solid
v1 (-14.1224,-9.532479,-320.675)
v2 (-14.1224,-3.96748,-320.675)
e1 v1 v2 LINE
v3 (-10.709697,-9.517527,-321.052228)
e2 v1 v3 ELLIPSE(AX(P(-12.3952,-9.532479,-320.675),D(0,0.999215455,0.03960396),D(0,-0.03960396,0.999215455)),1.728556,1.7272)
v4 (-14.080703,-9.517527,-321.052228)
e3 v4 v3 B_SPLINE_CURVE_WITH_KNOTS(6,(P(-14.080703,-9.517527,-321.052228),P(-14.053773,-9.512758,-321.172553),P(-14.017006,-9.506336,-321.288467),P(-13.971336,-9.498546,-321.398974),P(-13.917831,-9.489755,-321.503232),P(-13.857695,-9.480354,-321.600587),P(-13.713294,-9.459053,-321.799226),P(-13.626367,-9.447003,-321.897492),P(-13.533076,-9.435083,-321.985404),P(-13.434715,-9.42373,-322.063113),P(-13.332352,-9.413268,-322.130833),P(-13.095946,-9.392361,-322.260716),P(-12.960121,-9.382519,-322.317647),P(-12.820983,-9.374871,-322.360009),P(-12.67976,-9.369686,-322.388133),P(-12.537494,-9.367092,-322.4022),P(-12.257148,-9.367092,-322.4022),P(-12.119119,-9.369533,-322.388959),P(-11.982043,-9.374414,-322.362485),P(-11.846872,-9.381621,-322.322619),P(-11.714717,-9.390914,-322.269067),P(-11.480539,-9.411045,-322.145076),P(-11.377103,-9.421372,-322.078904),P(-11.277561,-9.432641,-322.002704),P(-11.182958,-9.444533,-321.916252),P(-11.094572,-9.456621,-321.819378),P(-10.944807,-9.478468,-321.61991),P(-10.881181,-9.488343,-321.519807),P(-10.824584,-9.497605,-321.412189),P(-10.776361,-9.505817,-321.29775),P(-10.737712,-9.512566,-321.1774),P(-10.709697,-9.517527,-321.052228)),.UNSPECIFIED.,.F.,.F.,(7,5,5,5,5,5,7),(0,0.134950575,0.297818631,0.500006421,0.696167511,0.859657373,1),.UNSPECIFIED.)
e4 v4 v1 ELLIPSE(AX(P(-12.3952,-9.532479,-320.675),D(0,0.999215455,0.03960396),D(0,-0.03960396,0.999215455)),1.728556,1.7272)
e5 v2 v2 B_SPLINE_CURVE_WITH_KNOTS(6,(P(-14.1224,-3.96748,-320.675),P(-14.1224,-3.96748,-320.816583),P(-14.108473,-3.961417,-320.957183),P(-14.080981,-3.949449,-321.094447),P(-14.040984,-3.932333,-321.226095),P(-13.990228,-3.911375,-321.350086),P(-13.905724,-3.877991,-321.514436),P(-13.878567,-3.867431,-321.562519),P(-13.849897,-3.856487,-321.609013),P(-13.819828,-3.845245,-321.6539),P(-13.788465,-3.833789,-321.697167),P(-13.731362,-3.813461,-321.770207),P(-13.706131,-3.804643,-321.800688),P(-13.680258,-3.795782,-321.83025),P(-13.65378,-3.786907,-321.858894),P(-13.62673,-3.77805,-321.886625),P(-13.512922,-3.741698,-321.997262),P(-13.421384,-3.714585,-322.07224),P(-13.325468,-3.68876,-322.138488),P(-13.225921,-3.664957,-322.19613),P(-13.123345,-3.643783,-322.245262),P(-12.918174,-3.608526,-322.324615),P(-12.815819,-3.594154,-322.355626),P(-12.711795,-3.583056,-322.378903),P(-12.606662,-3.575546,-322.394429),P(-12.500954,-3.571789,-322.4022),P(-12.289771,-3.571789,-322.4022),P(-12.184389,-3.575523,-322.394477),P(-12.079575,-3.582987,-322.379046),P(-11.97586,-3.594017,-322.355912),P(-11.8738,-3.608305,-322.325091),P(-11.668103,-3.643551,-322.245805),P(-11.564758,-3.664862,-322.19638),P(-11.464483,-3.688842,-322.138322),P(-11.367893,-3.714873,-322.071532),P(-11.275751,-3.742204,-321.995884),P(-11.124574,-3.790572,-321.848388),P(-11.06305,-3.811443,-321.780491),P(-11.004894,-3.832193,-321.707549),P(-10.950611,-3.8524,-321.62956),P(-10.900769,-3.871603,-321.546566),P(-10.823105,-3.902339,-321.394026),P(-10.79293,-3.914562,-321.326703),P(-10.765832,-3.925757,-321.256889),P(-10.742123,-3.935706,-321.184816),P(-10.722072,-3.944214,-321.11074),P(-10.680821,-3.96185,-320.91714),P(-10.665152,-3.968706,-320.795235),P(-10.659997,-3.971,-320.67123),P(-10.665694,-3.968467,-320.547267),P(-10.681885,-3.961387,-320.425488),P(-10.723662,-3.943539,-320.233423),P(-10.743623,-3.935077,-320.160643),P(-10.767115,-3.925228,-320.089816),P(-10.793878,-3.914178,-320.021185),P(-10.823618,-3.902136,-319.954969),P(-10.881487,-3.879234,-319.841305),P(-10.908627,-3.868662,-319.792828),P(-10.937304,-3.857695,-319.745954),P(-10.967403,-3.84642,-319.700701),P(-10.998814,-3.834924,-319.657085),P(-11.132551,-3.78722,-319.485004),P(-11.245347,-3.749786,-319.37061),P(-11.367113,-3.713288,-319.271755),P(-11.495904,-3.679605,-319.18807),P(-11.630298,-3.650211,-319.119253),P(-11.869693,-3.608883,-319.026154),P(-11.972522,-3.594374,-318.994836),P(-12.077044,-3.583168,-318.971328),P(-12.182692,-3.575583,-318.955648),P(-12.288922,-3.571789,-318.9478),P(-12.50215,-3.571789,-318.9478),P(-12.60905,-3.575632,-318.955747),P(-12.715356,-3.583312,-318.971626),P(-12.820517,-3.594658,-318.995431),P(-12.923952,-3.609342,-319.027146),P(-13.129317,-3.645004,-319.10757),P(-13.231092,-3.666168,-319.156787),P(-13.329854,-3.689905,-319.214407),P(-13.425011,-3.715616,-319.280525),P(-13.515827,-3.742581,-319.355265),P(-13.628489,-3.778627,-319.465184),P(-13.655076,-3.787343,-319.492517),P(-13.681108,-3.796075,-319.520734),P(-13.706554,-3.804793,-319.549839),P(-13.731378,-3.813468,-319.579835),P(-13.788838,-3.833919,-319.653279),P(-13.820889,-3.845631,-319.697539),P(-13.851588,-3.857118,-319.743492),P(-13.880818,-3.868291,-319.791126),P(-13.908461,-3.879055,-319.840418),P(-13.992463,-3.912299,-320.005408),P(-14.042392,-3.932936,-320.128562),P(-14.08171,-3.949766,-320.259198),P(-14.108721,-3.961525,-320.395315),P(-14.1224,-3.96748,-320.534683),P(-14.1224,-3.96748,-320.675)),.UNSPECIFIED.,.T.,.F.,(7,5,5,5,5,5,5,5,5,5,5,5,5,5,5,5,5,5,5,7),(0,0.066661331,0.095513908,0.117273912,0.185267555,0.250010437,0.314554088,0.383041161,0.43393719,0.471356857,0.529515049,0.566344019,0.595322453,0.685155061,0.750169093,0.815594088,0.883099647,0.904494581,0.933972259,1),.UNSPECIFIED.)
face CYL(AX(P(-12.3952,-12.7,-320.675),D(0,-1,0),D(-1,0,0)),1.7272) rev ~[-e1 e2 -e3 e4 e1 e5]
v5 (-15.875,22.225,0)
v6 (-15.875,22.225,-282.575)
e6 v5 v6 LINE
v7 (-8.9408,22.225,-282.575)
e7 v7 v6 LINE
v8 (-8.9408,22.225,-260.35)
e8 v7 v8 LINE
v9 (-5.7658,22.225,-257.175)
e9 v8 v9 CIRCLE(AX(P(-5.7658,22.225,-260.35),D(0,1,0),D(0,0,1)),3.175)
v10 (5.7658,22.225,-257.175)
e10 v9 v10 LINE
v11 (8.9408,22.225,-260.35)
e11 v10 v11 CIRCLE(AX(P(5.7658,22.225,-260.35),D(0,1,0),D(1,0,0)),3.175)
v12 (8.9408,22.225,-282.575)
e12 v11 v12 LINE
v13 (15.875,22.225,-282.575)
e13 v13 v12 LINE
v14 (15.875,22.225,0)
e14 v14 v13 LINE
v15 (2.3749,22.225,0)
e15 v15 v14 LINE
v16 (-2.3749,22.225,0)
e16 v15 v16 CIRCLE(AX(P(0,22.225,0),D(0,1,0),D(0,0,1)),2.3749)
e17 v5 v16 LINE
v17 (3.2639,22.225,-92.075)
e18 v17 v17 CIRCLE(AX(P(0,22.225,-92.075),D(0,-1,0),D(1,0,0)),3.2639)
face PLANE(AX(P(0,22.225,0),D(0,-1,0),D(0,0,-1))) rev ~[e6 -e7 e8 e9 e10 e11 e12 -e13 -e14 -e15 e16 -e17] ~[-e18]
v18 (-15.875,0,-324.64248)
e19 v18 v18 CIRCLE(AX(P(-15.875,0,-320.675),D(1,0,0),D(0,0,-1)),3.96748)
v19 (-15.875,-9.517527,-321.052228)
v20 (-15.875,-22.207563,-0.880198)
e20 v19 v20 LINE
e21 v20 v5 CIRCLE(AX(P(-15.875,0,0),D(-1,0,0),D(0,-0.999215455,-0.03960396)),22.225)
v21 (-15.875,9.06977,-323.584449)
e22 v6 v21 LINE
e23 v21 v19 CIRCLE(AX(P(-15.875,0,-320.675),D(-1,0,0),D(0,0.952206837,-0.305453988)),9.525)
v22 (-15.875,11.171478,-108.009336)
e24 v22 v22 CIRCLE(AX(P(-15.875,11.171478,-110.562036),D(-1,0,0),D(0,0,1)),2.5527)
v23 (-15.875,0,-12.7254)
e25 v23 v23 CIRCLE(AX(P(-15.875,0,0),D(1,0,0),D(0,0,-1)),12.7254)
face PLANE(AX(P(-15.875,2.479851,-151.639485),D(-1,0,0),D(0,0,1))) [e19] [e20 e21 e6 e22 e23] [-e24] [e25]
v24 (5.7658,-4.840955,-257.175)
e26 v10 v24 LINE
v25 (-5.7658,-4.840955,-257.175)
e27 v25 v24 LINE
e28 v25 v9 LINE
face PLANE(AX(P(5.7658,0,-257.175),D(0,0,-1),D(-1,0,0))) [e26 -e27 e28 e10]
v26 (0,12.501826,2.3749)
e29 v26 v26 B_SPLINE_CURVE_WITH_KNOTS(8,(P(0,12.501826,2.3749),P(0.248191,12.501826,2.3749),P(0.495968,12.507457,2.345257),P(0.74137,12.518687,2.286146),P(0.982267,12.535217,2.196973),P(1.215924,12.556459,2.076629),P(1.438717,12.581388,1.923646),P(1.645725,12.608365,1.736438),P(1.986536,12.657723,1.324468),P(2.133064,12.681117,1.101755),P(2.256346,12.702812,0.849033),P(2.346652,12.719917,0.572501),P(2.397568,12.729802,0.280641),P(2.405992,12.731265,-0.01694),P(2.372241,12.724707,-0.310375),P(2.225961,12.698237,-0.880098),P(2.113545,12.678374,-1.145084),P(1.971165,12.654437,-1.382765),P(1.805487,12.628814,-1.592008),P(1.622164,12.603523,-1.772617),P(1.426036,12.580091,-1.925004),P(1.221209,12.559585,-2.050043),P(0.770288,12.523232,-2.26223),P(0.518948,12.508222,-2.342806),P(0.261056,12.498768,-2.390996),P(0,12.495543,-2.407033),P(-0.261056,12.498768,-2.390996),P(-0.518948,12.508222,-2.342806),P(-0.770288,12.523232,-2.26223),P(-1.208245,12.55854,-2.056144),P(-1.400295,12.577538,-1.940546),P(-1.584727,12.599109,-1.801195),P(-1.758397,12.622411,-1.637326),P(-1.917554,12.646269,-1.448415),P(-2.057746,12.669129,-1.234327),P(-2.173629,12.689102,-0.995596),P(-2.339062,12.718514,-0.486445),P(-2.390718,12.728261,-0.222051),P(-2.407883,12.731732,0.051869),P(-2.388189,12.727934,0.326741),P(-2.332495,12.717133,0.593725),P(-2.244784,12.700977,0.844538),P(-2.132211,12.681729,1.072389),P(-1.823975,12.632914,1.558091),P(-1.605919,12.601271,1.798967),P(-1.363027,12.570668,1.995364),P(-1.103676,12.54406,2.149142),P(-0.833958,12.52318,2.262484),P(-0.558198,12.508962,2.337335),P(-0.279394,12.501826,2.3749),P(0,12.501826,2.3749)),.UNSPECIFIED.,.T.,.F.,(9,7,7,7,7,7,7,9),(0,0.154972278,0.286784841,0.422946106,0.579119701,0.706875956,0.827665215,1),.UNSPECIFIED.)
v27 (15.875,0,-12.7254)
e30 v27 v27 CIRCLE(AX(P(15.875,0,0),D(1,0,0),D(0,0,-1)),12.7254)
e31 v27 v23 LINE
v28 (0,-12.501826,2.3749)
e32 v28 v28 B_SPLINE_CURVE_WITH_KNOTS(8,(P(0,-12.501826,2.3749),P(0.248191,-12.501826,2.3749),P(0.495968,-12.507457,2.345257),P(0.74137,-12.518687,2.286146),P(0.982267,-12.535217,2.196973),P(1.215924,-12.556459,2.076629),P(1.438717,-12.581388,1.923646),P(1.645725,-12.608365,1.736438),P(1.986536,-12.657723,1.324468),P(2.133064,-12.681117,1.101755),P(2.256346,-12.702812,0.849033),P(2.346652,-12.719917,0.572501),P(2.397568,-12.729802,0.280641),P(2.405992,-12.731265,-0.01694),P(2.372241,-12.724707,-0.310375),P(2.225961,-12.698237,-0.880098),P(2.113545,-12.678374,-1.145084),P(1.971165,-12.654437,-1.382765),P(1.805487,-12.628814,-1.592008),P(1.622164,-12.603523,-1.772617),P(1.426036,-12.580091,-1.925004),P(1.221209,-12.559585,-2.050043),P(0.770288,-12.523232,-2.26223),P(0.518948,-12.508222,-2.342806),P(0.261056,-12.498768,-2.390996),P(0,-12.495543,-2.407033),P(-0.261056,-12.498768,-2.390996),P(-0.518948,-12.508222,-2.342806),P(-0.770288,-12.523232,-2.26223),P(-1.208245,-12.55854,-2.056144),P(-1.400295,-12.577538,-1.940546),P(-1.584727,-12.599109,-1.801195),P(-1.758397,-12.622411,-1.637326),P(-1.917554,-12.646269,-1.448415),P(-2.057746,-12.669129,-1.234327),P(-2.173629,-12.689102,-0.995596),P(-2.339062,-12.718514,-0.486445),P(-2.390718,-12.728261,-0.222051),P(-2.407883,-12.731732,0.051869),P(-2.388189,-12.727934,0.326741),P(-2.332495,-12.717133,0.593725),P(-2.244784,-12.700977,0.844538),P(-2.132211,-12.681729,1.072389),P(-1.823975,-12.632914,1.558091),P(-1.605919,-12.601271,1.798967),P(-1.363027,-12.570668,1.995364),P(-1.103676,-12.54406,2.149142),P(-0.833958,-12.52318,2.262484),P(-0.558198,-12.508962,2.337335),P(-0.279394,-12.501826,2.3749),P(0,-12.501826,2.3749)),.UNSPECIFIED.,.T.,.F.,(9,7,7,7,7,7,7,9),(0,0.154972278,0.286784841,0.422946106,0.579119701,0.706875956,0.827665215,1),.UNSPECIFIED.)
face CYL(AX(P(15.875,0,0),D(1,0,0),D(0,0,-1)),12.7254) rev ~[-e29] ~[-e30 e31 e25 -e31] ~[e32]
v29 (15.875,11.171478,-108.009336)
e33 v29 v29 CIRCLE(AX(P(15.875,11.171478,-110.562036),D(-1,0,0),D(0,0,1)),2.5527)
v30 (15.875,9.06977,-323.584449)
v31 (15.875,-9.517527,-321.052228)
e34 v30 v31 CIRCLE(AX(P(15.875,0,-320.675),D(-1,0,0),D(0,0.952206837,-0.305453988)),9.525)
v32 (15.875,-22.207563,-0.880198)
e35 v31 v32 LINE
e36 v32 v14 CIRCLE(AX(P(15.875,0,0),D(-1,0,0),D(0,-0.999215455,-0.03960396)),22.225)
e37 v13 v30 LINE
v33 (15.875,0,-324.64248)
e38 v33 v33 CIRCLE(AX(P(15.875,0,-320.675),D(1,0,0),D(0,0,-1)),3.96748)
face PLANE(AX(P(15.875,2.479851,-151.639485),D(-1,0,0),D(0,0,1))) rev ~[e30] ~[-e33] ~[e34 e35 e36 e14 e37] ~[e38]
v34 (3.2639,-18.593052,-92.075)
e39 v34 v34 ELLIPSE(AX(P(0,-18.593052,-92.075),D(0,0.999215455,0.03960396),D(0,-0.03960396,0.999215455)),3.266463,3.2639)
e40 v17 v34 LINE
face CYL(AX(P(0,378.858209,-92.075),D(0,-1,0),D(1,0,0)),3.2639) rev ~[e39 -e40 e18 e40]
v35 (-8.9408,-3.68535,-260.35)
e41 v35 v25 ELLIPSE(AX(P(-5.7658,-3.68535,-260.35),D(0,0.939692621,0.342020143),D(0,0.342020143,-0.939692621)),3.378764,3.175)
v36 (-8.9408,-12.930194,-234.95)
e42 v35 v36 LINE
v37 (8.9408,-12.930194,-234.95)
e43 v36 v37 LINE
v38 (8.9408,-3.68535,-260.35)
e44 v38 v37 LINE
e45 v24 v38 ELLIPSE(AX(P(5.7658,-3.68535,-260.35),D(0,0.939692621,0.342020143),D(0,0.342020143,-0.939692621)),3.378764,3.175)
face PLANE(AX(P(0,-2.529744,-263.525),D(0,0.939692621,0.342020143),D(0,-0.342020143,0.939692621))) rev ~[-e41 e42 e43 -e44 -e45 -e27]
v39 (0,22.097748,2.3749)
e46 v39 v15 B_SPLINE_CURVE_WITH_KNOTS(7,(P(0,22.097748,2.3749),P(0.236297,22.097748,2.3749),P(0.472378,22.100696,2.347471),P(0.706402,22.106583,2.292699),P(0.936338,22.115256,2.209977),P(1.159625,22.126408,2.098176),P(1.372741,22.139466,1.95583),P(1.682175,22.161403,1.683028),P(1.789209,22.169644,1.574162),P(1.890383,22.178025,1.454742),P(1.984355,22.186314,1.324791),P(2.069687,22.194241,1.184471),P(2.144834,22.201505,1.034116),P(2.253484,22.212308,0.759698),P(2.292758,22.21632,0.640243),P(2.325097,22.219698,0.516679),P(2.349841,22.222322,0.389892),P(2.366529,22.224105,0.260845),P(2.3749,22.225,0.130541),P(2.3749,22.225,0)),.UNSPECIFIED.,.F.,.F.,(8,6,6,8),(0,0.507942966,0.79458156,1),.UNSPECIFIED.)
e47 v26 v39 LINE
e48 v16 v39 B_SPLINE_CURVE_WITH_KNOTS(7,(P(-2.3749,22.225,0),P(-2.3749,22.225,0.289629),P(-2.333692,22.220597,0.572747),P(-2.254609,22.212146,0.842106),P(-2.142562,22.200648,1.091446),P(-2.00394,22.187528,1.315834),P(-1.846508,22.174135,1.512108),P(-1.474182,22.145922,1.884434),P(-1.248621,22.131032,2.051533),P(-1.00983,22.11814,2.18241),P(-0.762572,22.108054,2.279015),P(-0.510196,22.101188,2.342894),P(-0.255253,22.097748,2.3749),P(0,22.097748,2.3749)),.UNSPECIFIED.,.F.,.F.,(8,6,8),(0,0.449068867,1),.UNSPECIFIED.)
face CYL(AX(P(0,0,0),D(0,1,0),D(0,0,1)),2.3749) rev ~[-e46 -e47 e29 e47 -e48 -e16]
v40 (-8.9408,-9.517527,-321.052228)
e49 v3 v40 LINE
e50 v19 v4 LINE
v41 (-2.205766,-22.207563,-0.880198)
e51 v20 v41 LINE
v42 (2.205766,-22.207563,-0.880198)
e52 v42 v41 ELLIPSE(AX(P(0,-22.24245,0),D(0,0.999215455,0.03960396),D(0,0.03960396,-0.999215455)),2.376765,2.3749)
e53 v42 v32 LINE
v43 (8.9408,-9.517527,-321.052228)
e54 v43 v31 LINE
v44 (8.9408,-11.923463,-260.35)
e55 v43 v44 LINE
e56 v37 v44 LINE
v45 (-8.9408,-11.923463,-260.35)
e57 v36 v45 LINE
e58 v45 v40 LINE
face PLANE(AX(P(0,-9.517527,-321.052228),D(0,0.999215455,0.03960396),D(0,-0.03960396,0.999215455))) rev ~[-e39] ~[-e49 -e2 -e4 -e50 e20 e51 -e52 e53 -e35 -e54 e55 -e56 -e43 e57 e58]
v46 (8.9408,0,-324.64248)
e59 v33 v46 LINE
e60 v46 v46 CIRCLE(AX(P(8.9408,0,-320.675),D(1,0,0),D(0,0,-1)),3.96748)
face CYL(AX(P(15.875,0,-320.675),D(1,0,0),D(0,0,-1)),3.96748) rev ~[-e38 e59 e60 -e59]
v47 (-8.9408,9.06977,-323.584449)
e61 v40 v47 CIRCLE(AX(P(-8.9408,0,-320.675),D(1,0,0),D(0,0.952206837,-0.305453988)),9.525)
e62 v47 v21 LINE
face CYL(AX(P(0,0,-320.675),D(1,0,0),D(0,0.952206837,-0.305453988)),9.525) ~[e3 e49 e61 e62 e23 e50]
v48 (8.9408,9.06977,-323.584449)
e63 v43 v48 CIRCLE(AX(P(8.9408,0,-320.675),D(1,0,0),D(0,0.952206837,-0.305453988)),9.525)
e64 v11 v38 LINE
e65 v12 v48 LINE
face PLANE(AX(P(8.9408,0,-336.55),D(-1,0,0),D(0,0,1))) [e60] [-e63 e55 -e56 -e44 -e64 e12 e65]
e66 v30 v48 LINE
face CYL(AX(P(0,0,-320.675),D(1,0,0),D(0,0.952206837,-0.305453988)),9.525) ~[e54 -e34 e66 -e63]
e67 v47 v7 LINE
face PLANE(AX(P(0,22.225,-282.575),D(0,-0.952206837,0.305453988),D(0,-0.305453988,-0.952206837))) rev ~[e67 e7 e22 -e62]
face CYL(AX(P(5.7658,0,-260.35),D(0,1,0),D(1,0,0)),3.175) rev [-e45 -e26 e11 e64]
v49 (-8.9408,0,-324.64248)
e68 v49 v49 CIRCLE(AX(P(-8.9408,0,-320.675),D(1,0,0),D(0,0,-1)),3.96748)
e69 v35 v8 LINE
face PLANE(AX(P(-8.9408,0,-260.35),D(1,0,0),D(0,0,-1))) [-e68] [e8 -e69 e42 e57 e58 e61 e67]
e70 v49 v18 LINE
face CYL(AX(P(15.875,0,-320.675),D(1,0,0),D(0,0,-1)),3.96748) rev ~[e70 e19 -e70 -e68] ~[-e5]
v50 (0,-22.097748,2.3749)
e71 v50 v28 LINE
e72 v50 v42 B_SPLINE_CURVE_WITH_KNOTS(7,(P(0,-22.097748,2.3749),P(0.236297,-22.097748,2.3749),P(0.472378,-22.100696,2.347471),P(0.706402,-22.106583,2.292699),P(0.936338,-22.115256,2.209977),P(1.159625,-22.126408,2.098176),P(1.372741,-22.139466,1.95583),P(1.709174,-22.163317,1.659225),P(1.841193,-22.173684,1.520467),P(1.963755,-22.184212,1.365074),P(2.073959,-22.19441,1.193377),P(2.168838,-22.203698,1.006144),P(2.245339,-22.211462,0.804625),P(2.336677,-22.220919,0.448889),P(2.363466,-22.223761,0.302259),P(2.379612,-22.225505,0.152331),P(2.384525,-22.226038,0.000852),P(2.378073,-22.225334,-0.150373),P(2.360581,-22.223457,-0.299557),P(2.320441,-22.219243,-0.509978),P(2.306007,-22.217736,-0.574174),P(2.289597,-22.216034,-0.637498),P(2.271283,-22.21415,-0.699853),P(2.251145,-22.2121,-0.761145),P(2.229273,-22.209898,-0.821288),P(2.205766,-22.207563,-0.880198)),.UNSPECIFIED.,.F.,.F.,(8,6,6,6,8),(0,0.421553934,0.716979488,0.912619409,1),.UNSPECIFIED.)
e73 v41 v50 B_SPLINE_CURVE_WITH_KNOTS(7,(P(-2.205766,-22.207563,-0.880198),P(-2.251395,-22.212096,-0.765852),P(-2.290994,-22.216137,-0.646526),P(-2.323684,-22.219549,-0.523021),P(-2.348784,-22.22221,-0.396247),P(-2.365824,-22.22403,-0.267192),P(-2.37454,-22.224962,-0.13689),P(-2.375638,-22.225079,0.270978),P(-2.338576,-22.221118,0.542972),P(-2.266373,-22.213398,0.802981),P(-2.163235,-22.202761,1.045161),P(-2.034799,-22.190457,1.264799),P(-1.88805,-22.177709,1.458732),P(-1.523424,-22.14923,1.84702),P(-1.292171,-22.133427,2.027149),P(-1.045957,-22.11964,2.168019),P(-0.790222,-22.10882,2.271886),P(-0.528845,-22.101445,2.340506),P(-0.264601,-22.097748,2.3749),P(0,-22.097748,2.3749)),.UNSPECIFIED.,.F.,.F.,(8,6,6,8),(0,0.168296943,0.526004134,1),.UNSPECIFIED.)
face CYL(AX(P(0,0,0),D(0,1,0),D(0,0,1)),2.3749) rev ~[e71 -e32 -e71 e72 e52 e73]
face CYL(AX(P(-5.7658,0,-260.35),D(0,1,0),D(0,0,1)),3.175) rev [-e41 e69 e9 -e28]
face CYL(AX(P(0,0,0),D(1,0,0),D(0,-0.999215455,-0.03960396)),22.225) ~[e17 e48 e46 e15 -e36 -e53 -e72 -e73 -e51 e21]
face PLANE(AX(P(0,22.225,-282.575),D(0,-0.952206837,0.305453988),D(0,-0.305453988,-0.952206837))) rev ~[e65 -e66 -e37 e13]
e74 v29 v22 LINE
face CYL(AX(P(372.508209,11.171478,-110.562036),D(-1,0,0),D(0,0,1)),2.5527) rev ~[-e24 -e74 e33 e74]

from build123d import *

# Parameters (mm, degrees)
BODY_DEPTH                 = 15.875
SKETCH2_R                  = 12.7254
F_1_002_HOLE_DEPTH         = 333.466619565
SKETCH3_R                  = 3.96748
F_3124_HOLE_DEPTH          = 333.466619565
SLOT_DEPTH                 = 25.4
ANGULAR_CLEARANCE_DEPTH    = 8.9408
SKETCH6_R                  = 2.3749
PIN_HOLE_DEPTH             = 25.4
F_5_16_18_TAPPED_HOLE1_D   = 6.5278
F_1_4_20_TAPPED_HOLE1_D    = 5.1054
F_8_32_TAPPED_HOLE1_REACH  = 334.421
F_8_32_TAPPED_HOLE1_BORE_R = 1.7272


with BuildPart() as part:
    # Sketch1 → BODY (new, symmetric)
    with BuildSketch(Plane(origin=(0, 0, 0), x_dir=(0, 0, -1), z_dir=(1, 0, 0))):
        with BuildLine():
            Line((0, 22.225), (282.575, 22.225))
            Line((282.575, 22.225), (323.58444924, 9.069770125))
            ThreePointArc((323.58444924, 9.069770125), (330.112821091, -1.285751941), (321.052227723, -9.517527213))
            Line((321.052227723, -9.517527213), (0.88019802, -22.207563496))
            ThreePointArc((0.88019802, -22.207563496), (-22.220640447, -0.440185355), (0, 22.225))
        make_face()
    extrude(amount=BODY_DEPTH, both=True)

    # Sketch2 → 1.002 HOLE (cut, through all)
    with BuildSketch(Plane(origin=(15.875, 0, 0), x_dir=(0, 0, -1), z_dir=(1, 0, 0))):
        Circle(SKETCH2_R)
    extrude(amount=-F_1_002_HOLE_DEPTH, mode=Mode.SUBTRACT)

    # Sketch3 → .3124 HOLE (cut, through all)
    with BuildSketch(Plane(origin=(15.875, 0, 0), x_dir=(0, 0, -1), z_dir=(1, 0, 0))):
        with Locations((320.675, 0)):
            Circle(SKETCH3_R)
    extrude(amount=-F_3124_HOLE_DEPTH, mode=Mode.SUBTRACT)

    # Sketch4 → SLOT (cut, symmetric)
    with BuildSketch(Plane(origin=(0, 0, 0), x_dir=(1, 0, 0), z_dir=(0, 1, 0))):
        with BuildLine():
            Line((-8.9408, 336.55), (8.9408, 336.55))
            Line((8.9408, 336.55), (8.9408, 260.35))
            ThreePointArc((8.9408, 260.35), (8.01086403, 258.10493597), (5.7658, 257.175))
            Line((5.7658, 257.175), (-5.7658, 257.175))
            ThreePointArc((-5.7658, 257.175), (-8.01086403, 258.10493597), (-8.9408, 260.35))
            Line((-8.9408, 260.35), (-8.9408, 336.55))
        make_face()
    extrude(amount=SLOT_DEPTH, both=True, mode=Mode.SUBTRACT)

    # Sketch5 → ANGULAR CLEARANCE (cut, symmetric)
    with BuildSketch(Plane(origin=(0, 0, 0), x_dir=(0, 0, -1), z_dir=(1, 0, 0))):
        Polygon((263.525, -2.529744374), (234.95, -12.930193819), (263.525, -11.797622097), align=None)
    extrude(amount=ANGULAR_CLEARANCE_DEPTH, both=True, mode=Mode.SUBTRACT)

    # Sketch6 → PIN HOLE (cut, symmetric)
    with BuildSketch(Plane(origin=(0, 0, 0), x_dir=(1, 0, 0), z_dir=(0, 1, 0))):
        with Locations(Location((0, 0, 0), (0, 0, 270))):
            Circle(SKETCH6_R)
    extrude(amount=PIN_HOLE_DEPTH, both=True, mode=Mode.SUBTRACT)

    # 5/16-18 Tapped Hole1 (through all)
    with Locations(Plane(origin=(0, 22.225, 0), x_dir=(-1, 0, 0), z_dir=(0, 1, 0))):
        with Locations((0, -92.075)):
            Hole(F_5_16_18_TAPPED_HOLE1_D / 2)

    # 1/4-20 Tapped Hole1 (through all)
    with Locations(Plane(origin=(15.875, 0, 0), x_dir=(0, 0, -1), z_dir=(1, 0, 0))):
        with Locations((110.562035551, 11.171477956)):
            Hole(F_1_4_20_TAPPED_HOLE1_D / 2)

    # #8-32 Tapped Hole1 bore → #8-32 Tapped Hole1 (cut, up to next)
    with BuildSketch(Plane(origin=(0, -12.7, 0), x_dir=(-1, 0, 0), z_dir=(0, -1, 0)), mode=Mode.PRIVATE) as f_8_32_tapped_hole1_sk1:
        with Locations((12.3952, 320.675)):
            Circle(F_8_32_TAPPED_HOLE1_BORE_R)
    f_8_32_tapped_hole1_tool1 = extrude(f_8_32_tapped_hole1_sk1.sketch, amount=-F_8_32_TAPPED_HOLE1_REACH, mode=Mode.PRIVATE) & part.part
    add(f_8_32_tapped_hole1_tool1.solids().sort_by_distance((-12.3952, -12.7, -320.675))[0], mode=Mode.SUBTRACT)


solid = part.part
